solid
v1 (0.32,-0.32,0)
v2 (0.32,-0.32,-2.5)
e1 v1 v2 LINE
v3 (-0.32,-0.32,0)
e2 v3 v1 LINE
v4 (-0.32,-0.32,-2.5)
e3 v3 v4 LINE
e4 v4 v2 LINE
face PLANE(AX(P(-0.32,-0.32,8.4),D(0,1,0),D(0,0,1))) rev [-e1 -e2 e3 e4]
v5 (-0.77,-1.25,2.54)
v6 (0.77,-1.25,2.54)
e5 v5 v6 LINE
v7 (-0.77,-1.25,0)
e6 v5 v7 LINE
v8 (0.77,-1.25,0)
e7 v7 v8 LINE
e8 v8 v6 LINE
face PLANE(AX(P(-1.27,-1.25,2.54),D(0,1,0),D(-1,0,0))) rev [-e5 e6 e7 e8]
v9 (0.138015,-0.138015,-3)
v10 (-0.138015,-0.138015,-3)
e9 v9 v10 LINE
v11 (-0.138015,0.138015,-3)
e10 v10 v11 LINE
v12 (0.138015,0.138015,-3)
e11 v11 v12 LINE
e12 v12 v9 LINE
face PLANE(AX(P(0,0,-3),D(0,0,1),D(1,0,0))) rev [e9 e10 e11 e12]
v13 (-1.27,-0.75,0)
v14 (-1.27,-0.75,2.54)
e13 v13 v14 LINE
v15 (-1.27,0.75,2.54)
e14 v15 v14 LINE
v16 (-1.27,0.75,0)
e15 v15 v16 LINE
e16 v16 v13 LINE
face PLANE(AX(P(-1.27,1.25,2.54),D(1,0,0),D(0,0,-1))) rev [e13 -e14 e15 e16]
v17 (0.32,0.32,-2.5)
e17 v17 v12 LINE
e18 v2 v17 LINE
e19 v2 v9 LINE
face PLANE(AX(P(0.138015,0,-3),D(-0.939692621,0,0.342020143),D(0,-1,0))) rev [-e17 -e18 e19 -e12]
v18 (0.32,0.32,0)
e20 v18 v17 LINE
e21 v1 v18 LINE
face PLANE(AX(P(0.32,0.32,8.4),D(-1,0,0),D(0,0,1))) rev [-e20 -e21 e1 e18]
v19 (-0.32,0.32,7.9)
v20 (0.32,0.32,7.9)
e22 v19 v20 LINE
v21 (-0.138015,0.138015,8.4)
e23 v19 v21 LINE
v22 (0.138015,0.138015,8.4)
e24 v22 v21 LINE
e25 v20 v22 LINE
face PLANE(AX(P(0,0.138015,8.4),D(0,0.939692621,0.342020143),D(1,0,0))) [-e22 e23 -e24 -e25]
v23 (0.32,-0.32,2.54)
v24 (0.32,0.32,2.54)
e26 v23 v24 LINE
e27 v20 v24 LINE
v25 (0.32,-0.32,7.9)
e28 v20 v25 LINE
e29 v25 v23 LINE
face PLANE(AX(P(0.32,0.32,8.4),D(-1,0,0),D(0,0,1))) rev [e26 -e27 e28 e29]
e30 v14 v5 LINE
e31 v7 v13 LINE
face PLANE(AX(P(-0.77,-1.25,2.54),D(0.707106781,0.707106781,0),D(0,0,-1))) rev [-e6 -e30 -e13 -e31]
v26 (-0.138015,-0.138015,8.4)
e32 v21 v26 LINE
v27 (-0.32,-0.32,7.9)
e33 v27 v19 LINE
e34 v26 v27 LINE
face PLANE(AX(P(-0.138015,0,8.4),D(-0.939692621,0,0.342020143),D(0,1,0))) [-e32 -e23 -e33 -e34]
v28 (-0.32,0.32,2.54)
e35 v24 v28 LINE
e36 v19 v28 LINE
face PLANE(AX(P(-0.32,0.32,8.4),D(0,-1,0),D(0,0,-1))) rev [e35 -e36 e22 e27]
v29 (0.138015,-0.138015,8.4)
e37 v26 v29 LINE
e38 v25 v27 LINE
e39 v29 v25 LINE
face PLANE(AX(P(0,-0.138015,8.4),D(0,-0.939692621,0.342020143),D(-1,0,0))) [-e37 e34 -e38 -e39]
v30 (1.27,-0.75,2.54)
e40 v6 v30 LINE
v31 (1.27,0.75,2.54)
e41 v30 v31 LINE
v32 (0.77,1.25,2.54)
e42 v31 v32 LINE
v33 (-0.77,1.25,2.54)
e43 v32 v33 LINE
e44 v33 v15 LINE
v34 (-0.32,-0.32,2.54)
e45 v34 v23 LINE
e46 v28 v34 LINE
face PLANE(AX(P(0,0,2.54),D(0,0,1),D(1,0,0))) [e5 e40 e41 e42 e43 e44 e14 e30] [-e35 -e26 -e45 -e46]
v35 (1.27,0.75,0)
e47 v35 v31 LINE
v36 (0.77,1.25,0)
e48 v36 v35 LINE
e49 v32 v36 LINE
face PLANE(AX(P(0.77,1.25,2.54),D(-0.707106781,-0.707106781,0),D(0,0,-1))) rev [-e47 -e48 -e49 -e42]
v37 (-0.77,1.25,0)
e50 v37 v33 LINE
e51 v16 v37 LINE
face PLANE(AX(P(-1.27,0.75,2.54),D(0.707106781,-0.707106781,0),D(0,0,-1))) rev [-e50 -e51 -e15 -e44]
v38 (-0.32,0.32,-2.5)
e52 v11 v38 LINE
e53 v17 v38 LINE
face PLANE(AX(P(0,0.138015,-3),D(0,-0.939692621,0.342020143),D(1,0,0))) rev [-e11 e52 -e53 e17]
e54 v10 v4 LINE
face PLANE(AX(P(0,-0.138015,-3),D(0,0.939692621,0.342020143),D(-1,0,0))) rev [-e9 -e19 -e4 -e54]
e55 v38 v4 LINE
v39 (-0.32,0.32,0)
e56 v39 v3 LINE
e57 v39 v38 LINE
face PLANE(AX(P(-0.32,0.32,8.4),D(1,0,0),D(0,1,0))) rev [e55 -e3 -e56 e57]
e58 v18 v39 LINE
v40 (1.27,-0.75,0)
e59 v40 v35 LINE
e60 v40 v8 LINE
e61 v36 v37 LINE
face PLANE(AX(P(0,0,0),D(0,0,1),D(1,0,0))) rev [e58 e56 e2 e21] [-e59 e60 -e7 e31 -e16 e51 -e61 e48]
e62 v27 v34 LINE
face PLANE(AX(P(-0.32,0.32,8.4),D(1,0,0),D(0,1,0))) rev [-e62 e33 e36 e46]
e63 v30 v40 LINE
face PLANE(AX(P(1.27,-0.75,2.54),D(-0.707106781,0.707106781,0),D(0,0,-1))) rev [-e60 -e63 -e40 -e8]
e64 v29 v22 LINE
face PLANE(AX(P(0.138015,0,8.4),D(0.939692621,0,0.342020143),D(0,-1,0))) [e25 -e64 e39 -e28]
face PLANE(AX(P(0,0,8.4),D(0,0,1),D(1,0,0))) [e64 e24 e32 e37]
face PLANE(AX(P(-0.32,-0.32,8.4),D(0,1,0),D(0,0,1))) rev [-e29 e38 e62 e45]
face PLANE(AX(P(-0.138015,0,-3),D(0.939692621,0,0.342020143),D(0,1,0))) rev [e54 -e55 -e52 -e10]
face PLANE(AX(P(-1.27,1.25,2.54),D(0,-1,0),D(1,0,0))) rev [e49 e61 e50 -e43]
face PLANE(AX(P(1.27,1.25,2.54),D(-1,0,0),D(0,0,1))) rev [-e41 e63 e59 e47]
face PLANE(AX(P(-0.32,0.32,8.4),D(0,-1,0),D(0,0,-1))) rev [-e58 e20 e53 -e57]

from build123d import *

# Parameters (mm, degrees)
SKETCH1_W             = 0.64
SKETCH1_H             = 0.64
BOSS_EXTRUDE1_DEPTH   = 8.4
SKETCH2_W             = 0.64
SKETCH2_H             = 0.64
BOSS_EXTRUDE2_DEPTH   = 3
CHAMFER1_SIZE         = 0.5
CHAMFER1_SIZE2        = 0.181985117
CHAMFER1_PART_2_SIZE  = 0.5
CHAMFER1_PART_2_SIZE2 = 0.181985117
CHAMFER1_PART_3_SIZE  = 0.5
CHAMFER1_PART_3_SIZE2 = 0.181985117
CHAMFER1_PART_4_SIZE  = 0.5
CHAMFER1_PART_4_SIZE2 = 0.181985117
SKETCH3_W             = 2.54
SKETCH3_H             = 2.5
BOSS_EXTRUDE3_DEPTH   = 2.54
CHAMFER2_SIZE         = 0.5


with BuildPart() as part:
    # Sketch1 → Boss-Extrude1 (new body)
    with BuildSketch(Plane.XY):
        Rectangle(SKETCH1_W, SKETCH1_H)
    extrude(amount=BOSS_EXTRUDE1_DEPTH)

    # Sketch2 → Boss-Extrude2 (add)
    with BuildSketch(Plane(origin=(0, 0, 0), x_dir=(-1, 0, 0), z_dir=(0, 0, -1))):
        Rectangle(SKETCH2_W, SKETCH2_H)
    extrude(amount=BOSS_EXTRUDE2_DEPTH)

    # Chamfer1
    chamfer1_edges = [part.edges().sort_by_distance(p)[0] for p in [
        (0.32, 0, 8.4),
        (0.32, 0, -3),
    ]]
    chamfer1_side = [part.faces().sort_by_distance(p)[0] for p in [
        (0.32, 0, 2.7),
    ]]
    chamfer(chamfer1_edges, length=CHAMFER1_SIZE, length2=CHAMFER1_SIZE2, reference=chamfer1_side[0])

    # Chamfer1 part 2
    chamfer1_part_2_edges = [part.edges().sort_by_distance(p)[0] for p in [
        (0, 0.32, 8.4),
        (0, 0.32, -3),
    ]]
    chamfer1_part_2_side = [part.faces().sort_by_distance(p)[0] for p in [
        (0, 0.32, 2.7),
    ]]
    chamfer(chamfer1_part_2_edges, length=CHAMFER1_PART_2_SIZE, length2=CHAMFER1_PART_2_SIZE2, reference=chamfer1_part_2_side[0])

    # Chamfer1 part 3
    chamfer1_part_3_edges = [part.edges().sort_by_distance(p)[0] for p in [
        (-0.32, 0, -3),
        (-0.32, 0, 8.4),
    ]]
    chamfer1_part_3_side = [part.faces().sort_by_distance(p)[0] for p in [
        (-0.32, 0, 2.7),
    ]]
    chamfer(chamfer1_part_3_edges, length=CHAMFER1_PART_3_SIZE, length2=CHAMFER1_PART_3_SIZE2, reference=chamfer1_part_3_side[0])

    # Chamfer1 part 4
    chamfer1_part_4_edges = [part.edges().sort_by_distance(p)[0] for p in [
        (0, -0.32, -3),
        (0, -0.32, 8.4),
    ]]
    chamfer1_part_4_side = [part.faces().sort_by_distance(p)[0] for p in [
        (0, -0.32, 2.7),
    ]]
    chamfer(chamfer1_part_4_edges, length=CHAMFER1_PART_4_SIZE, length2=CHAMFER1_PART_4_SIZE2, reference=chamfer1_part_4_side[0])

    # Sketch3 → Boss-Extrude3 (add)
    with BuildSketch(Plane.XY):
        Rectangle(SKETCH3_W, SKETCH3_H)
    extrude(amount=BOSS_EXTRUDE3_DEPTH)

    # Chamfer2
    chamfer2_edges = [part.edges().sort_by_distance(p)[0] for p in [
        (-1.27, 1.25, 1.27),
        (-1.27, -1.25, 1.27),
        (1.27, -1.25, 1.27),
        (1.27, 1.25, 1.27),
    ]]
    chamfer(chamfer2_edges, length=CHAMFER2_SIZE)


solid = part.part
